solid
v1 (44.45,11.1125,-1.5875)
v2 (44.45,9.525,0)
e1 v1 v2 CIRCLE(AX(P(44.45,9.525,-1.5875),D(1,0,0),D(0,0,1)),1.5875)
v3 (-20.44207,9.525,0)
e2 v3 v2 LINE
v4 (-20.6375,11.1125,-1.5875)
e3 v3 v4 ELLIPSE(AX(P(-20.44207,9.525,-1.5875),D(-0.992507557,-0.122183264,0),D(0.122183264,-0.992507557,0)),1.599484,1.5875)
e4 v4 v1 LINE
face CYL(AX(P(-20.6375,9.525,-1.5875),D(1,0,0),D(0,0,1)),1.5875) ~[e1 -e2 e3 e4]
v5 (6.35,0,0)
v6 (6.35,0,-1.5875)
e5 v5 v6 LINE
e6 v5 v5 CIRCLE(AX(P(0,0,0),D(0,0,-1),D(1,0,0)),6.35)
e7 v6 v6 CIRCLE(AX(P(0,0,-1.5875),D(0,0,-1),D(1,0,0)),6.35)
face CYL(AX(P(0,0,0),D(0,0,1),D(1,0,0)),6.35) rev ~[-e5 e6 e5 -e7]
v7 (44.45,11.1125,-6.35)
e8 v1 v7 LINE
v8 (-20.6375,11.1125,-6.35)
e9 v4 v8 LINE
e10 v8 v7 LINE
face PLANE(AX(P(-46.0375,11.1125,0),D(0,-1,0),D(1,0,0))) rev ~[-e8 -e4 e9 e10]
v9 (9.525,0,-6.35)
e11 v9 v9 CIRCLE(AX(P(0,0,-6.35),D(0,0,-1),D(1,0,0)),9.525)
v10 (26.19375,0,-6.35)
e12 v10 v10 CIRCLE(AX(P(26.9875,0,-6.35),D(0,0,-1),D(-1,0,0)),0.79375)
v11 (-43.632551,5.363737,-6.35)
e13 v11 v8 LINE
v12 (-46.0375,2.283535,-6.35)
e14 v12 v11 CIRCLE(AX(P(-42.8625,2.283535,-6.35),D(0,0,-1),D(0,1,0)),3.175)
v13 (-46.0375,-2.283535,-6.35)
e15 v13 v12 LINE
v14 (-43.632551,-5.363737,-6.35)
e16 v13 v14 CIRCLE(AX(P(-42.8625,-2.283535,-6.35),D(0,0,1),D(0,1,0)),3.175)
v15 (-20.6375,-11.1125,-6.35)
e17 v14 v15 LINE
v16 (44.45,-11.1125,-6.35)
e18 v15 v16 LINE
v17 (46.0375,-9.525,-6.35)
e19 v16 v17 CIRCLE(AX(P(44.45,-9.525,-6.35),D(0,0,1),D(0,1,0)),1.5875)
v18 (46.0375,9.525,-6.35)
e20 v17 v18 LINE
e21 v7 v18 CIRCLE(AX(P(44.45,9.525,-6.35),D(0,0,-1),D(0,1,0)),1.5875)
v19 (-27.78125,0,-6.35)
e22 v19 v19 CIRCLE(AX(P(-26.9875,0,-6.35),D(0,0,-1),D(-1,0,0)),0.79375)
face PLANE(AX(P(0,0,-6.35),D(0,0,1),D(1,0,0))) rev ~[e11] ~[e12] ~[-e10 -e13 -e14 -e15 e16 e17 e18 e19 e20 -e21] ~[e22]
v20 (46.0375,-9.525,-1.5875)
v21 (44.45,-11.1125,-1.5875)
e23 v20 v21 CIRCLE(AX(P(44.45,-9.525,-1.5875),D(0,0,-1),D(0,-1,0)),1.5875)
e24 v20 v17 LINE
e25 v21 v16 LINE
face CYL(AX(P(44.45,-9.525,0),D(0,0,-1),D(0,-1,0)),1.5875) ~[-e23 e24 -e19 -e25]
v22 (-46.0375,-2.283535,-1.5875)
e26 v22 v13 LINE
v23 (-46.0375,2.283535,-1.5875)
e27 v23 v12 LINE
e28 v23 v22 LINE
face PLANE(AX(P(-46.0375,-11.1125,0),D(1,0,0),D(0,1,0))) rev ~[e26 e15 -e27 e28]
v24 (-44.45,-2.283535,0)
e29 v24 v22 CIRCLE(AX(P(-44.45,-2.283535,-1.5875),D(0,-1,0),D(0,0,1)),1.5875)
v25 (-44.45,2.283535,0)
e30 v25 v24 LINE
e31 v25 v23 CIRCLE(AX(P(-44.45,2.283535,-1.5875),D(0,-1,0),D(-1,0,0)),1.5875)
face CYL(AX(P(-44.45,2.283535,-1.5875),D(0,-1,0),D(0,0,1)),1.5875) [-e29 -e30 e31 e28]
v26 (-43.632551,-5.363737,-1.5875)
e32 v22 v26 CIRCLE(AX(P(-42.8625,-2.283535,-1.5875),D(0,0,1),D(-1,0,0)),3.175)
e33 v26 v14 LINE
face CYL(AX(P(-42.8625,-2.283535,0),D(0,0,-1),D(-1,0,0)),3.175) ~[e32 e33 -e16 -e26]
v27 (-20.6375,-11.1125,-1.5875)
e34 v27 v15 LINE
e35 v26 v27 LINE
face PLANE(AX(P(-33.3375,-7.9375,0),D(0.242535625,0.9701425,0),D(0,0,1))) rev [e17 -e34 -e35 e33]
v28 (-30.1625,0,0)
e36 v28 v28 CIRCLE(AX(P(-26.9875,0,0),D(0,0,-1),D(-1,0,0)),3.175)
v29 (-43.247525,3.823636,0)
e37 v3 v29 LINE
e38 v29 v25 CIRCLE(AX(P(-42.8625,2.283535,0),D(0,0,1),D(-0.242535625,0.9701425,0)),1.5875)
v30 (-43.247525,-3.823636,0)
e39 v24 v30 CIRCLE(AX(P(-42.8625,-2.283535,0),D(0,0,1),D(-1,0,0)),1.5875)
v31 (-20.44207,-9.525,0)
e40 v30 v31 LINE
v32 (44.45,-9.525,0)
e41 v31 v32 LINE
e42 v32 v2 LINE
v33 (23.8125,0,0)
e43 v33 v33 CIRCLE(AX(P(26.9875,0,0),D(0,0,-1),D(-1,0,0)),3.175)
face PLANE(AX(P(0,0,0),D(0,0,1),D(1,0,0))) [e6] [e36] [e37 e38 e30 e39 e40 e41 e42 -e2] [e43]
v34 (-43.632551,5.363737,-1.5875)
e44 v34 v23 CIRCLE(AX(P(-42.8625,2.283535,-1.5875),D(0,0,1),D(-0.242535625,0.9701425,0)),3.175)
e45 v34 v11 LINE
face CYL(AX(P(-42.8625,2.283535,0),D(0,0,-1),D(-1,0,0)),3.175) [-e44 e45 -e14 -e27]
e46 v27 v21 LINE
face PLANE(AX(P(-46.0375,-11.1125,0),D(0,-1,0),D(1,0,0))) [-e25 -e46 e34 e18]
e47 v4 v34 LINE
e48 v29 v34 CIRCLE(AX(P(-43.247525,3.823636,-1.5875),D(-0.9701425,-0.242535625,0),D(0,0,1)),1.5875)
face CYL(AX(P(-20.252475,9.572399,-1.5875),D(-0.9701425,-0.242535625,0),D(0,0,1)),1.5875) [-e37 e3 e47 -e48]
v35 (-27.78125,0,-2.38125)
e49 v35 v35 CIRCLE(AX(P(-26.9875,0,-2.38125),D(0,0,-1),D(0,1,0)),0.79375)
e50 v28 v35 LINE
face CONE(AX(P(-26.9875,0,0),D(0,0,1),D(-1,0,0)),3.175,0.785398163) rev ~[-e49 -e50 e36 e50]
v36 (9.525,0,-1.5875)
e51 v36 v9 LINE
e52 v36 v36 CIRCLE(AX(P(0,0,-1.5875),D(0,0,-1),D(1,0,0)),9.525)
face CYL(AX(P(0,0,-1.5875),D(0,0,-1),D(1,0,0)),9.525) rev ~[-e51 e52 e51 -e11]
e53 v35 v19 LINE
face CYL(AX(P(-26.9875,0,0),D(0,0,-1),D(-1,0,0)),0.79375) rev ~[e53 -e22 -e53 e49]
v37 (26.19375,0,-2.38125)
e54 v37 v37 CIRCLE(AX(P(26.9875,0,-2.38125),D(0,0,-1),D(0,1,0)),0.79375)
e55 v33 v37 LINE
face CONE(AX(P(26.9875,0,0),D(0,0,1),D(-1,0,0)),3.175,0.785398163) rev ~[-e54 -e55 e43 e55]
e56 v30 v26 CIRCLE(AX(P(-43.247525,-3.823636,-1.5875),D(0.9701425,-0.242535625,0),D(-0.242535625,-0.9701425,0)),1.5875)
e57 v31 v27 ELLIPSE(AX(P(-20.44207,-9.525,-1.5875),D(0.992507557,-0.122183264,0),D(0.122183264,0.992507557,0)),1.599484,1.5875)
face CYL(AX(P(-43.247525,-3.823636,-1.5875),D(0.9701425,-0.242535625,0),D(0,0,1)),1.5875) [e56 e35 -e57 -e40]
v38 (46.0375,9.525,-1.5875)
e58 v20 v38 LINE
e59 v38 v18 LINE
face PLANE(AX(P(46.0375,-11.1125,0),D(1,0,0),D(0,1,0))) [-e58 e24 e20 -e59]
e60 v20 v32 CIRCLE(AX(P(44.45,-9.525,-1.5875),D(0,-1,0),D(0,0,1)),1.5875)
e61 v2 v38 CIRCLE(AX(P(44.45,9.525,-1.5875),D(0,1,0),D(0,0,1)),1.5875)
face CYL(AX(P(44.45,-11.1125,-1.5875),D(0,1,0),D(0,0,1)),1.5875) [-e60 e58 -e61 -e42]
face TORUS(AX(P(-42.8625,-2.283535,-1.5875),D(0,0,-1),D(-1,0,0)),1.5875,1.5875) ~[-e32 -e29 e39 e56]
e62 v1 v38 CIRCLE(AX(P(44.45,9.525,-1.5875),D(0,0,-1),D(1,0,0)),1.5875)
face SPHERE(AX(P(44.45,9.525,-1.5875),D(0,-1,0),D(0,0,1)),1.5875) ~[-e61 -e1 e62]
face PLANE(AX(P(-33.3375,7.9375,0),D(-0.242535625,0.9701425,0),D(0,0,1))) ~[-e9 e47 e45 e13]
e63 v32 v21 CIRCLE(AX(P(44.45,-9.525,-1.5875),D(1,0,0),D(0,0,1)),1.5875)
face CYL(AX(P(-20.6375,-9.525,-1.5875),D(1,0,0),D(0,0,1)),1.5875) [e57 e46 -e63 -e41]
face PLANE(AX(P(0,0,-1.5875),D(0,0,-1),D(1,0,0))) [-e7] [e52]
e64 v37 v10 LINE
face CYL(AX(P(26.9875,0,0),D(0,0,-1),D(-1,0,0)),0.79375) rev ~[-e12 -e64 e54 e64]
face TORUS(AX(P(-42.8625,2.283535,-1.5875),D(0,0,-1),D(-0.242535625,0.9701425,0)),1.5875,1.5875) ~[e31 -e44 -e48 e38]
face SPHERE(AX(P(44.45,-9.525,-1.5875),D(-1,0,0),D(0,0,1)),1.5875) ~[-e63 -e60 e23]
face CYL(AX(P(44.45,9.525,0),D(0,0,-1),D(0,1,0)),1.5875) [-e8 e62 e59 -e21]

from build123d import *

# Parameters (mm, degrees)
F0_W           = 92.075
F0_H           = 22.225
F0_R           = 6.35
F1_DEPTH       = 6.35
F3_D           = 1.5875
F3_CSINK_D     = 6.35
F3_CSINK_ANGLE = 90
F6_D           = 12.7
F6_CBORE_D     = 19.05
F6_CBORE_DEPTH = 4.7625
F7_SIZE2       = 25.4
F7_SIZE        = 6.35
F8_R           = 3.175
F9_R           = 1.5875


with BuildPart() as f1:
    # F0 (on Top) → F1 (new body)
    with BuildSketch(Plane.XY):
        Rectangle(F0_W, F0_H)
        Circle(F0_R, mode=Mode.SUBTRACT)
    extrude(amount=-F1_DEPTH)

    # F3 (through all)
    with Locations(Plane.XY):
        with Locations((26.9875, 0), (-26.9875, 0)):
            CounterSinkHole(F3_D / 2, F3_CSINK_D / 2, counter_sink_angle=F3_CSINK_ANGLE)

    # F6 (through all)
    with Locations(Plane(origin=(0, 0, -6.35), x_dir=(1, 0, 0), z_dir=(0, 0, -1))):
        with Locations((0, 0)):
            CounterBoreHole(F6_D / 2, F6_CBORE_D / 2, F6_CBORE_DEPTH)

    # F7
    f7_edges = [f1.edges().sort_by_distance(p)[0] for p in [
        (-46.0375, -11.1125, -3.175),
        (-46.0375, 11.1125, -3.175),
    ]]
    f7_side = f1.faces().sort_by_distance((-46.0375, 0, -3.175))[0]
    chamfer(f7_edges, length=F7_SIZE, length2=F7_SIZE2, reference=f7_side)

    # F8
    f8_edges = [f1.edges().sort_by_distance(p)[0] for p in [
        (-46.0375, -4.7625, -3.175),
        (-46.0375, 4.7625, -3.175),
    ]]
    fillet(f8_edges, radius=F8_R)

    # F9
    f9_edges = [f1.edges().sort_by_distance(p)[0] for p in [
        (12.7, -11.1125, 0),
        (46.0375, 0, 0),
        (12.7, 11.1125, 0),
        (-32.135025, -8.238119, 0),
        (-32.135025, 8.238119, 0),
        (-45.365052, 4.237469, 0),
        (-46.0375, 0, 0),
        (-45.365052, -4.237469, 0),
        (46.0375, -11.1125, -3.175),
        (46.0375, 11.1125, -3.175),
    ]]
    fillet(f9_edges, radius=F9_R)


solid = f1.part
